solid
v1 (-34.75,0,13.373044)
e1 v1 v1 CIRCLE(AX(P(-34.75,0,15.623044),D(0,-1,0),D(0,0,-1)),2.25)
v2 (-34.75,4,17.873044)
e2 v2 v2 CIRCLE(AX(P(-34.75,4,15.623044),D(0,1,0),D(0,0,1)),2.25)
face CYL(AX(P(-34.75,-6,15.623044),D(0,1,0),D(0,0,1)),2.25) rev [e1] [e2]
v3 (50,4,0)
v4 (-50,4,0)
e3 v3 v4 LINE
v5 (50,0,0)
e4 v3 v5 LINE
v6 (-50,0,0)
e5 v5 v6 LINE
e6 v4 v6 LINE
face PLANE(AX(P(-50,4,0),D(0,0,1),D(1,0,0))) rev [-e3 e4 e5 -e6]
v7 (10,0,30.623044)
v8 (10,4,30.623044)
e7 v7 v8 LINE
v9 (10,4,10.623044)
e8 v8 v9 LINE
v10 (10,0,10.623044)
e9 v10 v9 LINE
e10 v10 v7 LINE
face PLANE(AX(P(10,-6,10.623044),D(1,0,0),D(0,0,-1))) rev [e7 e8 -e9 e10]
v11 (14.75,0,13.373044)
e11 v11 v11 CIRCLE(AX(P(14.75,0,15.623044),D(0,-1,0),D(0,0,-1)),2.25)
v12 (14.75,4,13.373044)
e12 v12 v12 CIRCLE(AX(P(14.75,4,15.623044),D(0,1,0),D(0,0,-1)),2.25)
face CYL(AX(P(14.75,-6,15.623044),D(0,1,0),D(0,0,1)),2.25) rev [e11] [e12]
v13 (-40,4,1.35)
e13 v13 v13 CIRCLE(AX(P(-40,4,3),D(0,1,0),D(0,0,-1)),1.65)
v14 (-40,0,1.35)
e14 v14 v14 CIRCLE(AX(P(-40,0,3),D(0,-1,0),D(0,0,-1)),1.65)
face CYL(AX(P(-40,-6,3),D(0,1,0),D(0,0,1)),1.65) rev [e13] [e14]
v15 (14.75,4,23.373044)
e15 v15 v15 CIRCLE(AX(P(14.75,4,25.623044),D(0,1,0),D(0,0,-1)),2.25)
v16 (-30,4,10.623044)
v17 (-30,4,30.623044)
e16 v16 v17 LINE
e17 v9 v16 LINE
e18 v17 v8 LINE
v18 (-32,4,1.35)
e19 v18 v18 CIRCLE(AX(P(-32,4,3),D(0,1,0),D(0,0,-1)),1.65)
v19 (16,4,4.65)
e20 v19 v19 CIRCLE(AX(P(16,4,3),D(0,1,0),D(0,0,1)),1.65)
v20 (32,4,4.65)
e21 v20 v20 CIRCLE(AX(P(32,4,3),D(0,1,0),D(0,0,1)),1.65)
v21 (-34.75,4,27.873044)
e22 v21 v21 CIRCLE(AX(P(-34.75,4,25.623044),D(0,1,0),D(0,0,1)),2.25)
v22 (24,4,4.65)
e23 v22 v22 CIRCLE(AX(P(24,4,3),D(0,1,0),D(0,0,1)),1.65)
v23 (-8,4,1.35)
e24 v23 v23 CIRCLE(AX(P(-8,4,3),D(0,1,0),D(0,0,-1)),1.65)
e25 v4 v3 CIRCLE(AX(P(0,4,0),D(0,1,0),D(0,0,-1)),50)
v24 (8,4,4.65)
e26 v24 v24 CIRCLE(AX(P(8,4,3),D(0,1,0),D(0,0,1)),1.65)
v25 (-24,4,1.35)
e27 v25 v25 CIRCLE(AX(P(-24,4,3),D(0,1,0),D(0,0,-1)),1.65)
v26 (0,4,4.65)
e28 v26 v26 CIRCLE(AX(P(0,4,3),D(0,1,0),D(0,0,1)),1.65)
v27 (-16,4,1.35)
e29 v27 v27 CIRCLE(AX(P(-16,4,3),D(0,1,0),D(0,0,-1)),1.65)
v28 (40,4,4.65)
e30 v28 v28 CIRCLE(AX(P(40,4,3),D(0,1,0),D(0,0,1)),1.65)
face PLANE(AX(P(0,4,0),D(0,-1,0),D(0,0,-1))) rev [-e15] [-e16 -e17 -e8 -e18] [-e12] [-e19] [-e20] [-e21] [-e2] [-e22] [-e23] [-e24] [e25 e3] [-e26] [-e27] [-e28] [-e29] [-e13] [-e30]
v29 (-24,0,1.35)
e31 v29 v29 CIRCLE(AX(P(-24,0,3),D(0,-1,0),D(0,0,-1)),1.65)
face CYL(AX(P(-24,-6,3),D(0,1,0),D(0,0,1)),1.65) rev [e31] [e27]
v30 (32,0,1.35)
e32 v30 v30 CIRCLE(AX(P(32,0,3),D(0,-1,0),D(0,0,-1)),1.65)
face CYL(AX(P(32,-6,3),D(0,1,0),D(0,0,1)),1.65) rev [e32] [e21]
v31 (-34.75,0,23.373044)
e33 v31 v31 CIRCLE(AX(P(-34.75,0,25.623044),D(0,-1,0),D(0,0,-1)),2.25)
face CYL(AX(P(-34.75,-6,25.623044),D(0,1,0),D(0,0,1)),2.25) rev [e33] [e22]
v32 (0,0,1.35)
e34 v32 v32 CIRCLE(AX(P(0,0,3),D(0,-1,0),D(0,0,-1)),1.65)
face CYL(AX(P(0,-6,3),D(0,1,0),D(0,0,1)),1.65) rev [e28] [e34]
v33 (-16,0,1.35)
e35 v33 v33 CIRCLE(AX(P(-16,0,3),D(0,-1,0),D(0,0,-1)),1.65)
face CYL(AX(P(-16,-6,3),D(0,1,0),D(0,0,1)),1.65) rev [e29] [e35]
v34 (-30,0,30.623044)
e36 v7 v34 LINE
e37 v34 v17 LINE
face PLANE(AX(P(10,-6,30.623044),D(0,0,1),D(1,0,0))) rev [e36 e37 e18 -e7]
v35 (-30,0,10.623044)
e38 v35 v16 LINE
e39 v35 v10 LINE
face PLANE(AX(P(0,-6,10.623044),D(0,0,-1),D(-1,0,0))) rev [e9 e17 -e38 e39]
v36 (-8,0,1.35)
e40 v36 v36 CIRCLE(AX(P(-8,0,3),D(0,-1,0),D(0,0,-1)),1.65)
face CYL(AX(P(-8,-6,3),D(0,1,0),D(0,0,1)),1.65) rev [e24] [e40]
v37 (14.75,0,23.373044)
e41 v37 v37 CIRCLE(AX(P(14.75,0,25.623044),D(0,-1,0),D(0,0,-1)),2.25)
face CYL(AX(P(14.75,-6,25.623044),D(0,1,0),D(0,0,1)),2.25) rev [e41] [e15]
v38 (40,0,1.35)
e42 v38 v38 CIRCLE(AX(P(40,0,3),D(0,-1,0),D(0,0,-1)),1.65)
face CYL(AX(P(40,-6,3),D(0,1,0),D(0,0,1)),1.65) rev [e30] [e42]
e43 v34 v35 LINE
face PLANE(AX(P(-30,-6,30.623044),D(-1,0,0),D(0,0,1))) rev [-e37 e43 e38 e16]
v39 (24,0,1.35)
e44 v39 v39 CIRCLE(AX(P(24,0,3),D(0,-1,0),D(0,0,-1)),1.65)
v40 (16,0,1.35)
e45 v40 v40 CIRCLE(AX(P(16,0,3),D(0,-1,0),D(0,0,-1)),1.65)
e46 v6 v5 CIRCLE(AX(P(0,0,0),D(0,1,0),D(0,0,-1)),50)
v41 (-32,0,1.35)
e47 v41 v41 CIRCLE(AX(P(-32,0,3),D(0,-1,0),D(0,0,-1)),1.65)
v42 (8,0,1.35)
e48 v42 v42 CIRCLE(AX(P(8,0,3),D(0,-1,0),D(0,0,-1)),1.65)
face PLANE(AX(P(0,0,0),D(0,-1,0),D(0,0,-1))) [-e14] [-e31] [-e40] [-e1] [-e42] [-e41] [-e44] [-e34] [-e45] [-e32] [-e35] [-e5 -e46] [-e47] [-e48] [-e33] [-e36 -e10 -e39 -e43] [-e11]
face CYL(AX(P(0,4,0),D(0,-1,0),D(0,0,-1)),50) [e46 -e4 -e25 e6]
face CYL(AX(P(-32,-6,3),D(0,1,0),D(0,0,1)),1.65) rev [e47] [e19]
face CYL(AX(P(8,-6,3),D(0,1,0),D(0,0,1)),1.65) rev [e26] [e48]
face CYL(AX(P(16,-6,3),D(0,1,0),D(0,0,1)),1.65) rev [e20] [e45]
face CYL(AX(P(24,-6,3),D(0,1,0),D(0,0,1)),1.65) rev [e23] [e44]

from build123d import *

# Parameters (mm, degrees)
EXTRUDE_1_DEPTH     = 4
CUT_EXTRUDE_1_DEPTH = 10
SKETCH_3_R          = 2.25
CUT_EXTRUDE_2_DEPTH = 10
SKETCH_4_R          = 1.65
CUT_EXTRUDE_3_DEPTH = 10


with BuildPart() as part:
    # 草图1 → 凸台-拉伸1 (new body)
    with BuildSketch(Plane(origin=(0, 0, 0), x_dir=(1, 0, 0), z_dir=(0, 1, 0))):
        with BuildLine():
            Line((-50, 0), (50, 0))
            ThreePointArc((50, 0), (0, -50), (-50, 0))
        make_face()
    extrude(amount=EXTRUDE_1_DEPTH)

    # 草图2 → 切除-拉伸1 (cut)
    with BuildSketch(Plane(origin=(0, 4, 0), x_dir=(1, 0, 0), z_dir=(0, 1, 0))):
        Polygon((0, -10.623043888), (10, -10.623043888), (10, -30.623043888), (-30, -30.623043888), (-30, -10.623043888), align=None)
    extrude(amount=-CUT_EXTRUDE_1_DEPTH, mode=Mode.SUBTRACT)

    # 草图3 → 切除-拉伸2 (cut)
    with BuildSketch(Plane(origin=(0, 4, 0), x_dir=(1, 0, 0), z_dir=(0, 1, 0))):
        with Locations(Location((-34.75, -15.623043888, 0), (0, 0, 270))):
            Circle(SKETCH_3_R)
        with Locations(Location((-34.75, -25.623043888, 0), (0, 0, 270))):
            Circle(SKETCH_3_R)
        with Locations(Location((14.75, -25.623043888, 0), (0, 0, 90))):
            Circle(SKETCH_3_R)
        with Locations(Location((14.75, -15.623043888, 0), (0, 0, 90))):
            Circle(SKETCH_3_R)
    extrude(amount=-CUT_EXTRUDE_2_DEPTH, mode=Mode.SUBTRACT)

    # 草图4 → 切除-拉伸3 (cut)
    with BuildSketch(Plane(origin=(0, 4, 0), x_dir=(1, 0, 0), z_dir=(0, 1, 0))):
        with Locations(Location((0, -3, 0), (0, 0, 270))):
            Circle(SKETCH_4_R)
        with Locations(Location((8, -3, 0), (0, 0, 270))):
            Circle(SKETCH_4_R)
        with Locations(Location((16, -3, 0), (0, 0, 270))):
            Circle(SKETCH_4_R)
        with Locations(Location((24, -3, 0), (0, 0, 270))):
            Circle(SKETCH_4_R)
        with Locations(Location((32, -3, 0), (0, 0, 270))):
            Circle(SKETCH_4_R)
        with Locations(Location((40, -3, 0), (0, 0, 270))):
            Circle(SKETCH_4_R)
        with Locations(Location((-40, -3, 0), (0, 0, 90))):
            Circle(SKETCH_4_R)
        with Locations(Location((-32, -3, 0), (0, 0, 90))):
            Circle(SKETCH_4_R)
        with Locations(Location((-24, -3, 0), (0, 0, 90))):
            Circle(SKETCH_4_R)
        with Locations(Location((-16, -3, 0), (0, 0, 90))):
            Circle(SKETCH_4_R)
        with Locations(Location((-8, -3, 0), (0, 0, 90))):
            Circle(SKETCH_4_R)
    extrude(amount=-CUT_EXTRUDE_3_DEPTH, mode=Mode.SUBTRACT)


solid = part.part
